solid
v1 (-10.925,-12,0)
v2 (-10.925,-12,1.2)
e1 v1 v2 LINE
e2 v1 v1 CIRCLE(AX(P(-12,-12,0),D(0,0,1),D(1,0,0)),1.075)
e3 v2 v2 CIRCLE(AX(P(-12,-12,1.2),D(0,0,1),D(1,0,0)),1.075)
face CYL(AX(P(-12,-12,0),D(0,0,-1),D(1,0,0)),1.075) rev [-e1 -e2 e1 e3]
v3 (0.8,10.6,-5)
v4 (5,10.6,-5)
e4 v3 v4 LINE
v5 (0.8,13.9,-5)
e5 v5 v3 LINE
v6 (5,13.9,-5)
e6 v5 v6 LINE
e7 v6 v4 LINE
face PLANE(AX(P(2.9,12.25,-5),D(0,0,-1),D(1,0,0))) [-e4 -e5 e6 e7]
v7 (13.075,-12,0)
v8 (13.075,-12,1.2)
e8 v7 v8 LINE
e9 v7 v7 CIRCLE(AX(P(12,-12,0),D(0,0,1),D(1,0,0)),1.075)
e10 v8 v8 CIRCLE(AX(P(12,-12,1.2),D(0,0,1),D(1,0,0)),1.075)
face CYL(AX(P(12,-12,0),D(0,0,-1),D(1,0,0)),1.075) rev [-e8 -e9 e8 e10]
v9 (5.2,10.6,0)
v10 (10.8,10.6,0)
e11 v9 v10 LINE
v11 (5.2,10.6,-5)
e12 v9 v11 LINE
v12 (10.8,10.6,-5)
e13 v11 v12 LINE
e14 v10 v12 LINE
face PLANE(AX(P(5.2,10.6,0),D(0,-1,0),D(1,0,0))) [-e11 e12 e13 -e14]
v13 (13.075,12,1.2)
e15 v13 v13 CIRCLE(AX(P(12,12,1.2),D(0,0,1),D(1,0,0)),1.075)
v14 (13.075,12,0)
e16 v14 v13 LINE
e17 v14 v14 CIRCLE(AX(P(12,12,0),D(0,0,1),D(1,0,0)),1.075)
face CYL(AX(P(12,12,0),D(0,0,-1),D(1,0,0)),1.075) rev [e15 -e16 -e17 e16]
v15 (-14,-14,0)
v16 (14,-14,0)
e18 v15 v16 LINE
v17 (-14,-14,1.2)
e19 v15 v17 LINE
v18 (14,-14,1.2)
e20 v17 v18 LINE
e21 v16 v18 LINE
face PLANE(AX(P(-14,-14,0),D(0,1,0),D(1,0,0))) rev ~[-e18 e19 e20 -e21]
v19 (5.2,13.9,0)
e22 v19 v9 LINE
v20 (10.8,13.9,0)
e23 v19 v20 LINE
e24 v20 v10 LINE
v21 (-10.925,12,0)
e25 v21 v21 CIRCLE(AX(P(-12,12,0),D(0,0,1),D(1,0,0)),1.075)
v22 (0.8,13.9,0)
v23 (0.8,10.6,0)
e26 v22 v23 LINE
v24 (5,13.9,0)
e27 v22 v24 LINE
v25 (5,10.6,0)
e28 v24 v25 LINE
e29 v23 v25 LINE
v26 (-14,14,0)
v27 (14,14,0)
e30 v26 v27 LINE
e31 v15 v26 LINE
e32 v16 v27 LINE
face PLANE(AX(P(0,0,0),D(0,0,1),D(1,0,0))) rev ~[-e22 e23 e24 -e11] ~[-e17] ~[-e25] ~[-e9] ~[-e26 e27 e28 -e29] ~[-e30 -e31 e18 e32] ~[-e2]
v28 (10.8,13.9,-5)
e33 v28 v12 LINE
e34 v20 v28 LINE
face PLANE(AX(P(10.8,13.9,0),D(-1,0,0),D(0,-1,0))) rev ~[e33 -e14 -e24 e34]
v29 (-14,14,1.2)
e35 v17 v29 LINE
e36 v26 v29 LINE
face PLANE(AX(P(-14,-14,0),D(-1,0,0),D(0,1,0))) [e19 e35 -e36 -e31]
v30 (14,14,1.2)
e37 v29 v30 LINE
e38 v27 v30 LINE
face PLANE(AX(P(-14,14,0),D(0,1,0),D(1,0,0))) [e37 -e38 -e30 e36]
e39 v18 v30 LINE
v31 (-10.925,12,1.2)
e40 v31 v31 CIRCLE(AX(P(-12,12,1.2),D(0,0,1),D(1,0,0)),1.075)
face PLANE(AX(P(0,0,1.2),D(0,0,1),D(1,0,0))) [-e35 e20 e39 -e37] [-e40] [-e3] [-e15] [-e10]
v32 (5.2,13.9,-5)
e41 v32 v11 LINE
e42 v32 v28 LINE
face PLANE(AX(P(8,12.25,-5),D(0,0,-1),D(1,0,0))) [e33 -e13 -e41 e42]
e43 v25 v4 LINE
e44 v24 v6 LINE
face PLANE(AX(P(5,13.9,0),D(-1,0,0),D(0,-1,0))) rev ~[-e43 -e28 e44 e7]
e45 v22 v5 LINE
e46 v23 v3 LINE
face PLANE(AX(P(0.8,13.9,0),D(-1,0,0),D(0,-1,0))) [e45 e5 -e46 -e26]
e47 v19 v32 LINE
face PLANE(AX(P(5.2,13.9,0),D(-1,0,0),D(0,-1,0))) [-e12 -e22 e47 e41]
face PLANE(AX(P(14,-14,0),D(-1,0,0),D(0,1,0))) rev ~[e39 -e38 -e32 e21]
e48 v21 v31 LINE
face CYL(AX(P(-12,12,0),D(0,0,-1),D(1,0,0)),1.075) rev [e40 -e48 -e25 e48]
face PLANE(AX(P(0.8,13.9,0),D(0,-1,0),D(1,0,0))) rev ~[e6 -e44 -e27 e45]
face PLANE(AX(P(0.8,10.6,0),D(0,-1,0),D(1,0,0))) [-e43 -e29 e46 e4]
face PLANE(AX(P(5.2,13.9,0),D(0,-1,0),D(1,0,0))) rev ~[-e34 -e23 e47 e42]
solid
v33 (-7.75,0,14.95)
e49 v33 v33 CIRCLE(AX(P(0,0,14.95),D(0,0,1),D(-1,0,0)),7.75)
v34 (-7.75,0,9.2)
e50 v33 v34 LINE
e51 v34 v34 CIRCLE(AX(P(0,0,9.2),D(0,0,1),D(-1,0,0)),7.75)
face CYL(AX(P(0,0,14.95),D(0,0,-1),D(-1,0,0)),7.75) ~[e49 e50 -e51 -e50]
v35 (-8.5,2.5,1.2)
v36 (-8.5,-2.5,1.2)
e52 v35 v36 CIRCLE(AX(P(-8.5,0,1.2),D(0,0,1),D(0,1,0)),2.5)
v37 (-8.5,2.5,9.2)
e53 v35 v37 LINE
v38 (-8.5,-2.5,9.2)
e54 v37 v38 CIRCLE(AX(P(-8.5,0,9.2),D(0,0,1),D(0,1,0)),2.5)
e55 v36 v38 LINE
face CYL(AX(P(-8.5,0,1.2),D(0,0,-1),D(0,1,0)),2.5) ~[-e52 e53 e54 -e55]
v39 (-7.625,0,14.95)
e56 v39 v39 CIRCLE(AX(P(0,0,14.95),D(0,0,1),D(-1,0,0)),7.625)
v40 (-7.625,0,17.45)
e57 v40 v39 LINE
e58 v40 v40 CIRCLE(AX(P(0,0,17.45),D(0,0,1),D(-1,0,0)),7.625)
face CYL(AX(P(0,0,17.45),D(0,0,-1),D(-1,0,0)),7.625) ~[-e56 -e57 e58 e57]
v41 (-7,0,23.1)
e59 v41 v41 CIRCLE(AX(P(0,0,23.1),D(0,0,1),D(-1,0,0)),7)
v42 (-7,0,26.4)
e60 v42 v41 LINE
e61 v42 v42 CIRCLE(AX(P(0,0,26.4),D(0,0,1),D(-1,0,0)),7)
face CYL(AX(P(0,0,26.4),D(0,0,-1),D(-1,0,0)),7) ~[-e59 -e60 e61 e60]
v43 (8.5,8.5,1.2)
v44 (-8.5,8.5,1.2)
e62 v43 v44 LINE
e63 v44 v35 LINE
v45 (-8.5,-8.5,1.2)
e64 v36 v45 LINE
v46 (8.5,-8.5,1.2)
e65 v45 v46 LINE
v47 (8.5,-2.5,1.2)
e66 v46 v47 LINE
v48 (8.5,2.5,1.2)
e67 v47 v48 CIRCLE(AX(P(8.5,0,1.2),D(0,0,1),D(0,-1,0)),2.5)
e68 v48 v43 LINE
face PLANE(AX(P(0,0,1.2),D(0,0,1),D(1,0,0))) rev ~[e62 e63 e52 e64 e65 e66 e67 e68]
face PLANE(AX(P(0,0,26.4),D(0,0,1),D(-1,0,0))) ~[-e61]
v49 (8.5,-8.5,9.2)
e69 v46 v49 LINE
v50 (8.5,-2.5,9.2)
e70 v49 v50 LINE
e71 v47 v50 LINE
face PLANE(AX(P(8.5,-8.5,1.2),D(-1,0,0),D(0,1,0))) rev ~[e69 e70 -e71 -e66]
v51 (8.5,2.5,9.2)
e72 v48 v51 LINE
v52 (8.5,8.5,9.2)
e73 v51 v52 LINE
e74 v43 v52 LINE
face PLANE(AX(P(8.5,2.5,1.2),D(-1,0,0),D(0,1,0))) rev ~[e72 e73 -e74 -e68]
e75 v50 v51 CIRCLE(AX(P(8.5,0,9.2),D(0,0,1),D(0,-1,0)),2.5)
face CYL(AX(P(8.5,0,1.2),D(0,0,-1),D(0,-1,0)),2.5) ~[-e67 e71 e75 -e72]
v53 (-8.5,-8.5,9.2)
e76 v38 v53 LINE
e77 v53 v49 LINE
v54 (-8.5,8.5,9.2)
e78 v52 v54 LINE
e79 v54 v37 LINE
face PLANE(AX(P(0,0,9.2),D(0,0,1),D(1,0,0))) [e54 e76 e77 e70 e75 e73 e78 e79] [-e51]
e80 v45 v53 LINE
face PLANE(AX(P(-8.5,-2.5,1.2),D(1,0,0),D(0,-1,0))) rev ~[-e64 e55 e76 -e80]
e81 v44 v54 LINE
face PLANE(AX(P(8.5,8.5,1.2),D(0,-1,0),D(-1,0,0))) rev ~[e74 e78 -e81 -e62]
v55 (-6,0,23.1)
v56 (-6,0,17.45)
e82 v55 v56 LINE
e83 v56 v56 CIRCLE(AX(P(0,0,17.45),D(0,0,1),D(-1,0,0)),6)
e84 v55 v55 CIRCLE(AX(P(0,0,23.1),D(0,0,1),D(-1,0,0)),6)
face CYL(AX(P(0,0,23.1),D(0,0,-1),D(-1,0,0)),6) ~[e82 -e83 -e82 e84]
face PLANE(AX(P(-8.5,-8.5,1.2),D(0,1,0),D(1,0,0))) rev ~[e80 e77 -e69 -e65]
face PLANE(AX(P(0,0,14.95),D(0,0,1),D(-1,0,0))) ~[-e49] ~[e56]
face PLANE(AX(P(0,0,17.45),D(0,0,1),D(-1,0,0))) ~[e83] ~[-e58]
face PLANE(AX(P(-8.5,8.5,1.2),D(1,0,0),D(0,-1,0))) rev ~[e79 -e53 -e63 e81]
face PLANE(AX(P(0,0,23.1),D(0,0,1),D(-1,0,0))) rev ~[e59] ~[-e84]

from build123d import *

# Parameters (mm, degrees)
F0_W     = 28
F0_H     = 28
F0_R     = 1.075
F1_DEPTH = 1.2
F3_DEPTH = 8
F6_W     = 4.2
F6_H     = 3.3
F6_W_2   = 5.6
F7_DEPTH = 5


with BuildPart() as f1:
    # F0 (on Top) → F1 (new body)
    with BuildSketch(Plane.XY):
        Rectangle(F0_W, F0_H)
        with Locations((-12, -12)):
            Circle(F0_R, mode=Mode.SUBTRACT)
        with Locations((12, -12)):
            Circle(F0_R, mode=Mode.SUBTRACT)
        with Locations((-12, 12)):
            Circle(F0_R, mode=Mode.SUBTRACT)
        with Locations((12, 12)):
            Circle(F0_R, mode=Mode.SUBTRACT)
    extrude(amount=F1_DEPTH)

    # F6 (on face) → F7 (join)
    with BuildSketch(Plane(origin=(0, 0, 0), x_dir=(1, 0, 0), z_dir=(0, 0, -1))):
        with Locations((2.9, -12.25)):
            Rectangle(F6_W, F6_H)
        with Locations((8, -12.25)):
            Rectangle(F6_W_2, F6_H)
    extrude(amount=F7_DEPTH)


with BuildPart() as f3:
    # F2 (on face) → F3 (new body)
    with BuildSketch(Plane.XY.offset(1.2)):
        with BuildLine():
            Line((8.5, 8.5), (-8.5, 8.5))
            Line((-8.5, 8.5), (-8.5, 2.5))
            ThreePointArc((-8.5, 2.5), (-11, 0), (-8.5, -2.5))
            Line((-8.5, -2.5), (-8.5, -8.5))
            Line((-8.5, -8.5), (8.5, -8.5))
            Line((8.5, -8.5), (8.5, -2.5))
            ThreePointArc((8.5, -2.5), (11, 0), (8.5, 2.5))
            Line((8.5, 2.5), (8.5, 8.5))
        make_face()
    extrude(amount=F3_DEPTH)

    # F4 (on Front) → F5 (revolve)
    with BuildSketch(Plane.XZ):
        Polygon((0, 9.2), (0, 26.4), (-7, 26.4), (-7, 23.1), (-6, 23.1), (-6, 17.45), (-7.625, 17.45), (-7.625, 14.95), (-7.75, 14.95), (-7.75, 9.2), align=None)
    revolve(axis=Axis((0, 0, 17.8), (0, 0, 1)))


solid = Compound([f1.part, f3.part])
